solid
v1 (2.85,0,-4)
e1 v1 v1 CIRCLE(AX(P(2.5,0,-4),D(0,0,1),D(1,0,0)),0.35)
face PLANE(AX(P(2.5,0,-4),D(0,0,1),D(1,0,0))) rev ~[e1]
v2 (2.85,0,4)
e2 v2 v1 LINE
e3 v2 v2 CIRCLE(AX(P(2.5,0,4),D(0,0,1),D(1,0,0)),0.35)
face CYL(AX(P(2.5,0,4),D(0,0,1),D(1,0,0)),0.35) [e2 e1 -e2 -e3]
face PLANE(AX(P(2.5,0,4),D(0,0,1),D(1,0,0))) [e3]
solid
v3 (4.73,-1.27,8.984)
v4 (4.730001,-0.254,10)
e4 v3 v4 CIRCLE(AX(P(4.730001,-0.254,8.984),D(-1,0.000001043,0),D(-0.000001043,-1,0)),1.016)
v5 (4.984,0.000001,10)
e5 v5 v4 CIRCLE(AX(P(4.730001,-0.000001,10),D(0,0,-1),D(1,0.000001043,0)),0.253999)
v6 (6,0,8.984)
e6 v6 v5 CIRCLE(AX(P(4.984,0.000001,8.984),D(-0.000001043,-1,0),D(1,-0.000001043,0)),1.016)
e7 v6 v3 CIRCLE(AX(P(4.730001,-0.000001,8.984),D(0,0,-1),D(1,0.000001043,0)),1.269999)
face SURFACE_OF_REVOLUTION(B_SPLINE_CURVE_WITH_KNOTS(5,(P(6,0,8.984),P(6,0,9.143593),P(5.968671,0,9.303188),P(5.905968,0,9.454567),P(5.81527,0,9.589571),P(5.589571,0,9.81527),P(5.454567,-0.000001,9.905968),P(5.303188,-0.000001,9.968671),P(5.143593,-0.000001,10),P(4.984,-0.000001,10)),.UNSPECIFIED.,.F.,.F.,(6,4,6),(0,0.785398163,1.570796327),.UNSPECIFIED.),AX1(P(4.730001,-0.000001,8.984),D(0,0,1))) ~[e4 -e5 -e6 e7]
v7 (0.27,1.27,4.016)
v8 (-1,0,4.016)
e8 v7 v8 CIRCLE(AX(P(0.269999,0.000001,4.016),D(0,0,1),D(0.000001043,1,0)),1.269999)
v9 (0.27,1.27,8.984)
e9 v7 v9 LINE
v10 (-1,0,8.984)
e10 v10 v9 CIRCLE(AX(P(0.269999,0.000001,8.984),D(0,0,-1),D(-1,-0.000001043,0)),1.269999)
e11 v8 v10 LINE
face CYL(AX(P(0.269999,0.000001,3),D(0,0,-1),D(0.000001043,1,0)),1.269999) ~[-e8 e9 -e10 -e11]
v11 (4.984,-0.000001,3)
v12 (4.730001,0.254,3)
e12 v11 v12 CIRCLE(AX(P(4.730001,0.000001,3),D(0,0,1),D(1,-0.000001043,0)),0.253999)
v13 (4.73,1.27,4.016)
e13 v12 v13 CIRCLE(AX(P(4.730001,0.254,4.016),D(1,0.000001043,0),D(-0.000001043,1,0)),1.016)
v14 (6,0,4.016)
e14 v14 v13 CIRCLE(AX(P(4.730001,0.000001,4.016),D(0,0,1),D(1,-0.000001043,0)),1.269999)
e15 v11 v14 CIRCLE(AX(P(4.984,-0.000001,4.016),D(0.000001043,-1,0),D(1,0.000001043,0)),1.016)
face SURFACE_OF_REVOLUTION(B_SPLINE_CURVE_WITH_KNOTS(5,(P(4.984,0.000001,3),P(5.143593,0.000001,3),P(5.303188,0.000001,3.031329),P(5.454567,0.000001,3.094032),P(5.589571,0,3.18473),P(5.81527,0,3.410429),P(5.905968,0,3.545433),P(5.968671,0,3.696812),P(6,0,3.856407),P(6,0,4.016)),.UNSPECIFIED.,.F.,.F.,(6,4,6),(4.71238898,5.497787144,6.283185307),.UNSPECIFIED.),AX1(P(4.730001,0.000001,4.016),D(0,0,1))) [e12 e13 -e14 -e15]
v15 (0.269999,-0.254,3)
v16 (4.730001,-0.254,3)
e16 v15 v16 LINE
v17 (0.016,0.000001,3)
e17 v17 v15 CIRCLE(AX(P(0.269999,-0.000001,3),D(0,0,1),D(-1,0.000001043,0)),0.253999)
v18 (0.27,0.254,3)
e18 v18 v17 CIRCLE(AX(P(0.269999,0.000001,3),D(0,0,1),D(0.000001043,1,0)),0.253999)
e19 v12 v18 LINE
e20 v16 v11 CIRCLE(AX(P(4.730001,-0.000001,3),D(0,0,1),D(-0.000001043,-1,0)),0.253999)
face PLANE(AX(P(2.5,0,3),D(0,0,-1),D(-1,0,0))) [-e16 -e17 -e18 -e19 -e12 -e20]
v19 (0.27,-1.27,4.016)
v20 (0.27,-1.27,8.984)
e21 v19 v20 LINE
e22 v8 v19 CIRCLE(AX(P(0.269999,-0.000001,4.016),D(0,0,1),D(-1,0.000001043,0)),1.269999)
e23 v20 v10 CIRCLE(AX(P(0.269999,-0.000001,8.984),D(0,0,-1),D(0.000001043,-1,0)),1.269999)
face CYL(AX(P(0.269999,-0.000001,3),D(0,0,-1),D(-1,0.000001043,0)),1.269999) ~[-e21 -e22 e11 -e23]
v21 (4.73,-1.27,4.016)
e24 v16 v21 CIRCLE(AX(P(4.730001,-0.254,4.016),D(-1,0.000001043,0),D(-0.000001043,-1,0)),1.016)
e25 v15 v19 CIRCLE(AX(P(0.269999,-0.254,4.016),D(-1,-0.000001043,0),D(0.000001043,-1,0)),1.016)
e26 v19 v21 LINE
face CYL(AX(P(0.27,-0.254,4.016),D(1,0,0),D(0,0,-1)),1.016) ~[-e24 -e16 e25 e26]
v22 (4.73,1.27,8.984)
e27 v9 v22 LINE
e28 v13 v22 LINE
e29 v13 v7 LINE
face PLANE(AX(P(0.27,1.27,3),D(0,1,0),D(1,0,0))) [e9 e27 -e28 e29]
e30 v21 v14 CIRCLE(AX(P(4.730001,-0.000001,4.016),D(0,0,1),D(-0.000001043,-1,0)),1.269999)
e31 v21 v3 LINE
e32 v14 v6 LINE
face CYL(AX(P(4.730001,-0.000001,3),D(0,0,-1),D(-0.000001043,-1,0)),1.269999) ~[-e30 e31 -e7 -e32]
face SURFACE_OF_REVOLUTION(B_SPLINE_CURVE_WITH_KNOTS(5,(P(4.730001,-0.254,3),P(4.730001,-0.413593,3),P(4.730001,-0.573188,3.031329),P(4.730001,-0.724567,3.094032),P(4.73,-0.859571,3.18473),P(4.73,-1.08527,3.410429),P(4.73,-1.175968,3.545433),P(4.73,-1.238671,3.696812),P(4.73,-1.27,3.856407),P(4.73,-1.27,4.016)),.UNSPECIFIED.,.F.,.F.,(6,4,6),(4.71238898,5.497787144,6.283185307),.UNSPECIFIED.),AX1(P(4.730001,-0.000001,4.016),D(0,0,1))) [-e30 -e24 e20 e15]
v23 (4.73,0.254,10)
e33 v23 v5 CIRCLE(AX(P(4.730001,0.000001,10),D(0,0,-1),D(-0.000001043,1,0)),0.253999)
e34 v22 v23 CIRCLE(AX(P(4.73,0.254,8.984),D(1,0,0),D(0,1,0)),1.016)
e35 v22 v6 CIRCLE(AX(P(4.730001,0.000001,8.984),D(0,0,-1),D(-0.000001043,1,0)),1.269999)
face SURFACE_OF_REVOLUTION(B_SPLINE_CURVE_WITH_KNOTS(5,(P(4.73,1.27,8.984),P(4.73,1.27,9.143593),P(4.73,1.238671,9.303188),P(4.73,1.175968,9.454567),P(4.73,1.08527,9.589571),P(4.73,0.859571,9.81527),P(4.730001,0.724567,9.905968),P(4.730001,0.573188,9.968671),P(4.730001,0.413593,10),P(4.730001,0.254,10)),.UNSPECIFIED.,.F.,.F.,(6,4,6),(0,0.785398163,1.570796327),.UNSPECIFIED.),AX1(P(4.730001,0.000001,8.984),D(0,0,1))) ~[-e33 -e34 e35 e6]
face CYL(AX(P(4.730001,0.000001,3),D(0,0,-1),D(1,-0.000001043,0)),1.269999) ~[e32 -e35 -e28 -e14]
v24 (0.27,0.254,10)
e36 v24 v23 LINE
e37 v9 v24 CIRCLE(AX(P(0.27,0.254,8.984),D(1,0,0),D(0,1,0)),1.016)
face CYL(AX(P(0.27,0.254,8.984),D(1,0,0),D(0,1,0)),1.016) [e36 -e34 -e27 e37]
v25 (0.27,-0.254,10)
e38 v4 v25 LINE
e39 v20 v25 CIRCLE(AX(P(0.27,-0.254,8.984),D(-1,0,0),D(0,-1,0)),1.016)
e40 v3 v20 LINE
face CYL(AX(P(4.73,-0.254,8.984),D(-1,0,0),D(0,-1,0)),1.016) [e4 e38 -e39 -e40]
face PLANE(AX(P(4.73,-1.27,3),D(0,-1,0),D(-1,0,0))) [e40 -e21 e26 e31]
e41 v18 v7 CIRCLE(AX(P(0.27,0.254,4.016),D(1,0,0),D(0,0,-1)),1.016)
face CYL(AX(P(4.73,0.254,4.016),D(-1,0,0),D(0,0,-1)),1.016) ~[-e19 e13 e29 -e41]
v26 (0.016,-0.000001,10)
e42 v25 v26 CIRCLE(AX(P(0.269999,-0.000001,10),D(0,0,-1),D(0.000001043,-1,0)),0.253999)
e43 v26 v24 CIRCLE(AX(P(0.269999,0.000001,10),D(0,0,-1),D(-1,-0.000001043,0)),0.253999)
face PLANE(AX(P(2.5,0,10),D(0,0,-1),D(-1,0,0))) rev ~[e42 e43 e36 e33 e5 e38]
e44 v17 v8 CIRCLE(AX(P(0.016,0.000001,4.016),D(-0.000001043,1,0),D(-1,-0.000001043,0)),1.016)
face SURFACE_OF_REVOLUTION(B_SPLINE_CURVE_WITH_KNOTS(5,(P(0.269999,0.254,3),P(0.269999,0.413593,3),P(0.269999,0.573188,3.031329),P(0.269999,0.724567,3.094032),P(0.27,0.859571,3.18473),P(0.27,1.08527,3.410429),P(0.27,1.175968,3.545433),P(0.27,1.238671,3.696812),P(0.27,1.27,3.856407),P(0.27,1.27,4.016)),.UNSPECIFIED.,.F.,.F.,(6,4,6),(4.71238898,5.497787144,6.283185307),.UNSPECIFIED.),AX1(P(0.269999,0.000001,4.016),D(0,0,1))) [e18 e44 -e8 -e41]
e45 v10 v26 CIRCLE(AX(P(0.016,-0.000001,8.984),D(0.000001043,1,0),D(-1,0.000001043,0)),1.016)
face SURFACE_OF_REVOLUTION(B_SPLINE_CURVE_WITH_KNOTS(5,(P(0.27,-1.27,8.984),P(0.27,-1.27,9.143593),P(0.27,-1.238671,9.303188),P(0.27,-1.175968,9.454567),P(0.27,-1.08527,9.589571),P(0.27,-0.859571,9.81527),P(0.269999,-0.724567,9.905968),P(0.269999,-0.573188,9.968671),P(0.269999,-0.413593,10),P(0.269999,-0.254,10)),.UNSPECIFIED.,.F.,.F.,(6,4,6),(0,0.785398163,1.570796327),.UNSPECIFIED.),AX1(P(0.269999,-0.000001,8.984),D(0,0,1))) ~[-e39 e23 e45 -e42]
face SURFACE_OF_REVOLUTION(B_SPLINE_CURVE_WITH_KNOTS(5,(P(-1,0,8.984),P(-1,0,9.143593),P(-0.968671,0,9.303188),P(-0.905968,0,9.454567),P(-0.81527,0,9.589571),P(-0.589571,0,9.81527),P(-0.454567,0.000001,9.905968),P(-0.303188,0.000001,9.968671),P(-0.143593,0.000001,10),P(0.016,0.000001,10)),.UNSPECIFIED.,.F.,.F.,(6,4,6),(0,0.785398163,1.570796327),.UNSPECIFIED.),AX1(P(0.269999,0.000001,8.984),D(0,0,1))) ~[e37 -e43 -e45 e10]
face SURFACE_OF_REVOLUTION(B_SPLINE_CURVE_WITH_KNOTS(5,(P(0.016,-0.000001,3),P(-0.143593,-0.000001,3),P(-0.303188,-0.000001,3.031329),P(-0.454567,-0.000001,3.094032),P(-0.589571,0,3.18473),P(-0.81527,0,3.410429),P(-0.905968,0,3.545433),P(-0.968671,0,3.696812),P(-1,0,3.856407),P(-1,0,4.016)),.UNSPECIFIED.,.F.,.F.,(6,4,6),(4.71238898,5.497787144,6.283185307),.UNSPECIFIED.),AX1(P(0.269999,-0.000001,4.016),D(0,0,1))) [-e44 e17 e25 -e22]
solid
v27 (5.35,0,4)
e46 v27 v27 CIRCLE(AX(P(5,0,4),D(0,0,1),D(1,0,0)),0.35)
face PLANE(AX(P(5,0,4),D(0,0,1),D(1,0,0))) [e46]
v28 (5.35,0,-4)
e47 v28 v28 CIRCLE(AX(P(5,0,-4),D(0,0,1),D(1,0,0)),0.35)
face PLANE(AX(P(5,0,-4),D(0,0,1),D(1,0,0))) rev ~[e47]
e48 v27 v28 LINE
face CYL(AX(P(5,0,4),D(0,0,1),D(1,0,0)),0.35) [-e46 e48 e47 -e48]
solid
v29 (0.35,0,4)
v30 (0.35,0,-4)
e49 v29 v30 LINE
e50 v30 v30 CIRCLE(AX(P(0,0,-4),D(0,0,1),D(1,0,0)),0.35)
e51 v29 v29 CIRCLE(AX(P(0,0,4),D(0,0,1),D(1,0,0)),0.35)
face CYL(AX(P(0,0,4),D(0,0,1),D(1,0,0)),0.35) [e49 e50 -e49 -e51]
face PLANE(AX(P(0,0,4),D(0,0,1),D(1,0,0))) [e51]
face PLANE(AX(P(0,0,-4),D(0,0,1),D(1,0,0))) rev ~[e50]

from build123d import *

# Parameters (mm, degrees)
SKETCH_R     = 0.35
PAD_DEPTH    = 8
PAD002_DEPTH = 7
FILLET_R     = 1.016
FILLET001_R  = 1.016


with BuildPart() as pad:
    # Sketch → Pad (new body)
    with BuildSketch(Plane.XY.offset(4)):
        Circle(SKETCH_R)
        with Locations((5, 0)):
            Circle(SKETCH_R)
        with Locations((2.5, 0)):
            Circle(SKETCH_R)
    extrude(amount=-PAD_DEPTH)


with BuildPart() as fillet001:
    # Sketch003 → Pad002 (new body)
    with BuildSketch(Plane.XY.offset(3)):
        with BuildLine():
            Line((0.27, 1.27), (4.73, 1.27))
            ThreePointArc((6, 0), (5.628026, 0.898026), (4.73, 1.27))
            ThreePointArc((4.73, -1.27), (5.628026, -0.898026), (6, 0))
            Line((4.73, -1.27), (0.27, -1.27))
            ThreePointArc((-1, 0), (-0.628026, -0.898026), (0.27, -1.27))
            ThreePointArc((0.27, 1.27), (-0.628026, 0.898026), (-1, 0))
        make_face()
    extrude(amount=PAD002_DEPTH)

    # Fillet
    fillet_edges = [fillet001.edges().sort_by_distance(p)[0] for p in [
        (2.5, 1.27, 10),
        (-0.628026, 0.898026, 10),
        (-0.628026, -0.898026, 10),
        (2.5, -1.27, 10),
        (5.628026, -0.898026, 10),
        (5.628026, 0.898026, 10),
    ]]
    fillet(fillet_edges, radius=FILLET_R)

    # Fillet001
    fillet001_edges = [fillet001.edges().sort_by_distance(p)[0] for p in [
        (5.628026, -0.898026, 3),
        (5.628026, 0.898026, 3),
        (2.5, 1.27, 3),
        (2.5, -1.27, 3),
        (-0.628026, -0.898026, 3),
        (-0.628026, 0.898026, 3),
    ]]
    fillet(fillet001_edges, radius=FILLET001_R)


solid = Compound([pad.part, fillet001.part])
